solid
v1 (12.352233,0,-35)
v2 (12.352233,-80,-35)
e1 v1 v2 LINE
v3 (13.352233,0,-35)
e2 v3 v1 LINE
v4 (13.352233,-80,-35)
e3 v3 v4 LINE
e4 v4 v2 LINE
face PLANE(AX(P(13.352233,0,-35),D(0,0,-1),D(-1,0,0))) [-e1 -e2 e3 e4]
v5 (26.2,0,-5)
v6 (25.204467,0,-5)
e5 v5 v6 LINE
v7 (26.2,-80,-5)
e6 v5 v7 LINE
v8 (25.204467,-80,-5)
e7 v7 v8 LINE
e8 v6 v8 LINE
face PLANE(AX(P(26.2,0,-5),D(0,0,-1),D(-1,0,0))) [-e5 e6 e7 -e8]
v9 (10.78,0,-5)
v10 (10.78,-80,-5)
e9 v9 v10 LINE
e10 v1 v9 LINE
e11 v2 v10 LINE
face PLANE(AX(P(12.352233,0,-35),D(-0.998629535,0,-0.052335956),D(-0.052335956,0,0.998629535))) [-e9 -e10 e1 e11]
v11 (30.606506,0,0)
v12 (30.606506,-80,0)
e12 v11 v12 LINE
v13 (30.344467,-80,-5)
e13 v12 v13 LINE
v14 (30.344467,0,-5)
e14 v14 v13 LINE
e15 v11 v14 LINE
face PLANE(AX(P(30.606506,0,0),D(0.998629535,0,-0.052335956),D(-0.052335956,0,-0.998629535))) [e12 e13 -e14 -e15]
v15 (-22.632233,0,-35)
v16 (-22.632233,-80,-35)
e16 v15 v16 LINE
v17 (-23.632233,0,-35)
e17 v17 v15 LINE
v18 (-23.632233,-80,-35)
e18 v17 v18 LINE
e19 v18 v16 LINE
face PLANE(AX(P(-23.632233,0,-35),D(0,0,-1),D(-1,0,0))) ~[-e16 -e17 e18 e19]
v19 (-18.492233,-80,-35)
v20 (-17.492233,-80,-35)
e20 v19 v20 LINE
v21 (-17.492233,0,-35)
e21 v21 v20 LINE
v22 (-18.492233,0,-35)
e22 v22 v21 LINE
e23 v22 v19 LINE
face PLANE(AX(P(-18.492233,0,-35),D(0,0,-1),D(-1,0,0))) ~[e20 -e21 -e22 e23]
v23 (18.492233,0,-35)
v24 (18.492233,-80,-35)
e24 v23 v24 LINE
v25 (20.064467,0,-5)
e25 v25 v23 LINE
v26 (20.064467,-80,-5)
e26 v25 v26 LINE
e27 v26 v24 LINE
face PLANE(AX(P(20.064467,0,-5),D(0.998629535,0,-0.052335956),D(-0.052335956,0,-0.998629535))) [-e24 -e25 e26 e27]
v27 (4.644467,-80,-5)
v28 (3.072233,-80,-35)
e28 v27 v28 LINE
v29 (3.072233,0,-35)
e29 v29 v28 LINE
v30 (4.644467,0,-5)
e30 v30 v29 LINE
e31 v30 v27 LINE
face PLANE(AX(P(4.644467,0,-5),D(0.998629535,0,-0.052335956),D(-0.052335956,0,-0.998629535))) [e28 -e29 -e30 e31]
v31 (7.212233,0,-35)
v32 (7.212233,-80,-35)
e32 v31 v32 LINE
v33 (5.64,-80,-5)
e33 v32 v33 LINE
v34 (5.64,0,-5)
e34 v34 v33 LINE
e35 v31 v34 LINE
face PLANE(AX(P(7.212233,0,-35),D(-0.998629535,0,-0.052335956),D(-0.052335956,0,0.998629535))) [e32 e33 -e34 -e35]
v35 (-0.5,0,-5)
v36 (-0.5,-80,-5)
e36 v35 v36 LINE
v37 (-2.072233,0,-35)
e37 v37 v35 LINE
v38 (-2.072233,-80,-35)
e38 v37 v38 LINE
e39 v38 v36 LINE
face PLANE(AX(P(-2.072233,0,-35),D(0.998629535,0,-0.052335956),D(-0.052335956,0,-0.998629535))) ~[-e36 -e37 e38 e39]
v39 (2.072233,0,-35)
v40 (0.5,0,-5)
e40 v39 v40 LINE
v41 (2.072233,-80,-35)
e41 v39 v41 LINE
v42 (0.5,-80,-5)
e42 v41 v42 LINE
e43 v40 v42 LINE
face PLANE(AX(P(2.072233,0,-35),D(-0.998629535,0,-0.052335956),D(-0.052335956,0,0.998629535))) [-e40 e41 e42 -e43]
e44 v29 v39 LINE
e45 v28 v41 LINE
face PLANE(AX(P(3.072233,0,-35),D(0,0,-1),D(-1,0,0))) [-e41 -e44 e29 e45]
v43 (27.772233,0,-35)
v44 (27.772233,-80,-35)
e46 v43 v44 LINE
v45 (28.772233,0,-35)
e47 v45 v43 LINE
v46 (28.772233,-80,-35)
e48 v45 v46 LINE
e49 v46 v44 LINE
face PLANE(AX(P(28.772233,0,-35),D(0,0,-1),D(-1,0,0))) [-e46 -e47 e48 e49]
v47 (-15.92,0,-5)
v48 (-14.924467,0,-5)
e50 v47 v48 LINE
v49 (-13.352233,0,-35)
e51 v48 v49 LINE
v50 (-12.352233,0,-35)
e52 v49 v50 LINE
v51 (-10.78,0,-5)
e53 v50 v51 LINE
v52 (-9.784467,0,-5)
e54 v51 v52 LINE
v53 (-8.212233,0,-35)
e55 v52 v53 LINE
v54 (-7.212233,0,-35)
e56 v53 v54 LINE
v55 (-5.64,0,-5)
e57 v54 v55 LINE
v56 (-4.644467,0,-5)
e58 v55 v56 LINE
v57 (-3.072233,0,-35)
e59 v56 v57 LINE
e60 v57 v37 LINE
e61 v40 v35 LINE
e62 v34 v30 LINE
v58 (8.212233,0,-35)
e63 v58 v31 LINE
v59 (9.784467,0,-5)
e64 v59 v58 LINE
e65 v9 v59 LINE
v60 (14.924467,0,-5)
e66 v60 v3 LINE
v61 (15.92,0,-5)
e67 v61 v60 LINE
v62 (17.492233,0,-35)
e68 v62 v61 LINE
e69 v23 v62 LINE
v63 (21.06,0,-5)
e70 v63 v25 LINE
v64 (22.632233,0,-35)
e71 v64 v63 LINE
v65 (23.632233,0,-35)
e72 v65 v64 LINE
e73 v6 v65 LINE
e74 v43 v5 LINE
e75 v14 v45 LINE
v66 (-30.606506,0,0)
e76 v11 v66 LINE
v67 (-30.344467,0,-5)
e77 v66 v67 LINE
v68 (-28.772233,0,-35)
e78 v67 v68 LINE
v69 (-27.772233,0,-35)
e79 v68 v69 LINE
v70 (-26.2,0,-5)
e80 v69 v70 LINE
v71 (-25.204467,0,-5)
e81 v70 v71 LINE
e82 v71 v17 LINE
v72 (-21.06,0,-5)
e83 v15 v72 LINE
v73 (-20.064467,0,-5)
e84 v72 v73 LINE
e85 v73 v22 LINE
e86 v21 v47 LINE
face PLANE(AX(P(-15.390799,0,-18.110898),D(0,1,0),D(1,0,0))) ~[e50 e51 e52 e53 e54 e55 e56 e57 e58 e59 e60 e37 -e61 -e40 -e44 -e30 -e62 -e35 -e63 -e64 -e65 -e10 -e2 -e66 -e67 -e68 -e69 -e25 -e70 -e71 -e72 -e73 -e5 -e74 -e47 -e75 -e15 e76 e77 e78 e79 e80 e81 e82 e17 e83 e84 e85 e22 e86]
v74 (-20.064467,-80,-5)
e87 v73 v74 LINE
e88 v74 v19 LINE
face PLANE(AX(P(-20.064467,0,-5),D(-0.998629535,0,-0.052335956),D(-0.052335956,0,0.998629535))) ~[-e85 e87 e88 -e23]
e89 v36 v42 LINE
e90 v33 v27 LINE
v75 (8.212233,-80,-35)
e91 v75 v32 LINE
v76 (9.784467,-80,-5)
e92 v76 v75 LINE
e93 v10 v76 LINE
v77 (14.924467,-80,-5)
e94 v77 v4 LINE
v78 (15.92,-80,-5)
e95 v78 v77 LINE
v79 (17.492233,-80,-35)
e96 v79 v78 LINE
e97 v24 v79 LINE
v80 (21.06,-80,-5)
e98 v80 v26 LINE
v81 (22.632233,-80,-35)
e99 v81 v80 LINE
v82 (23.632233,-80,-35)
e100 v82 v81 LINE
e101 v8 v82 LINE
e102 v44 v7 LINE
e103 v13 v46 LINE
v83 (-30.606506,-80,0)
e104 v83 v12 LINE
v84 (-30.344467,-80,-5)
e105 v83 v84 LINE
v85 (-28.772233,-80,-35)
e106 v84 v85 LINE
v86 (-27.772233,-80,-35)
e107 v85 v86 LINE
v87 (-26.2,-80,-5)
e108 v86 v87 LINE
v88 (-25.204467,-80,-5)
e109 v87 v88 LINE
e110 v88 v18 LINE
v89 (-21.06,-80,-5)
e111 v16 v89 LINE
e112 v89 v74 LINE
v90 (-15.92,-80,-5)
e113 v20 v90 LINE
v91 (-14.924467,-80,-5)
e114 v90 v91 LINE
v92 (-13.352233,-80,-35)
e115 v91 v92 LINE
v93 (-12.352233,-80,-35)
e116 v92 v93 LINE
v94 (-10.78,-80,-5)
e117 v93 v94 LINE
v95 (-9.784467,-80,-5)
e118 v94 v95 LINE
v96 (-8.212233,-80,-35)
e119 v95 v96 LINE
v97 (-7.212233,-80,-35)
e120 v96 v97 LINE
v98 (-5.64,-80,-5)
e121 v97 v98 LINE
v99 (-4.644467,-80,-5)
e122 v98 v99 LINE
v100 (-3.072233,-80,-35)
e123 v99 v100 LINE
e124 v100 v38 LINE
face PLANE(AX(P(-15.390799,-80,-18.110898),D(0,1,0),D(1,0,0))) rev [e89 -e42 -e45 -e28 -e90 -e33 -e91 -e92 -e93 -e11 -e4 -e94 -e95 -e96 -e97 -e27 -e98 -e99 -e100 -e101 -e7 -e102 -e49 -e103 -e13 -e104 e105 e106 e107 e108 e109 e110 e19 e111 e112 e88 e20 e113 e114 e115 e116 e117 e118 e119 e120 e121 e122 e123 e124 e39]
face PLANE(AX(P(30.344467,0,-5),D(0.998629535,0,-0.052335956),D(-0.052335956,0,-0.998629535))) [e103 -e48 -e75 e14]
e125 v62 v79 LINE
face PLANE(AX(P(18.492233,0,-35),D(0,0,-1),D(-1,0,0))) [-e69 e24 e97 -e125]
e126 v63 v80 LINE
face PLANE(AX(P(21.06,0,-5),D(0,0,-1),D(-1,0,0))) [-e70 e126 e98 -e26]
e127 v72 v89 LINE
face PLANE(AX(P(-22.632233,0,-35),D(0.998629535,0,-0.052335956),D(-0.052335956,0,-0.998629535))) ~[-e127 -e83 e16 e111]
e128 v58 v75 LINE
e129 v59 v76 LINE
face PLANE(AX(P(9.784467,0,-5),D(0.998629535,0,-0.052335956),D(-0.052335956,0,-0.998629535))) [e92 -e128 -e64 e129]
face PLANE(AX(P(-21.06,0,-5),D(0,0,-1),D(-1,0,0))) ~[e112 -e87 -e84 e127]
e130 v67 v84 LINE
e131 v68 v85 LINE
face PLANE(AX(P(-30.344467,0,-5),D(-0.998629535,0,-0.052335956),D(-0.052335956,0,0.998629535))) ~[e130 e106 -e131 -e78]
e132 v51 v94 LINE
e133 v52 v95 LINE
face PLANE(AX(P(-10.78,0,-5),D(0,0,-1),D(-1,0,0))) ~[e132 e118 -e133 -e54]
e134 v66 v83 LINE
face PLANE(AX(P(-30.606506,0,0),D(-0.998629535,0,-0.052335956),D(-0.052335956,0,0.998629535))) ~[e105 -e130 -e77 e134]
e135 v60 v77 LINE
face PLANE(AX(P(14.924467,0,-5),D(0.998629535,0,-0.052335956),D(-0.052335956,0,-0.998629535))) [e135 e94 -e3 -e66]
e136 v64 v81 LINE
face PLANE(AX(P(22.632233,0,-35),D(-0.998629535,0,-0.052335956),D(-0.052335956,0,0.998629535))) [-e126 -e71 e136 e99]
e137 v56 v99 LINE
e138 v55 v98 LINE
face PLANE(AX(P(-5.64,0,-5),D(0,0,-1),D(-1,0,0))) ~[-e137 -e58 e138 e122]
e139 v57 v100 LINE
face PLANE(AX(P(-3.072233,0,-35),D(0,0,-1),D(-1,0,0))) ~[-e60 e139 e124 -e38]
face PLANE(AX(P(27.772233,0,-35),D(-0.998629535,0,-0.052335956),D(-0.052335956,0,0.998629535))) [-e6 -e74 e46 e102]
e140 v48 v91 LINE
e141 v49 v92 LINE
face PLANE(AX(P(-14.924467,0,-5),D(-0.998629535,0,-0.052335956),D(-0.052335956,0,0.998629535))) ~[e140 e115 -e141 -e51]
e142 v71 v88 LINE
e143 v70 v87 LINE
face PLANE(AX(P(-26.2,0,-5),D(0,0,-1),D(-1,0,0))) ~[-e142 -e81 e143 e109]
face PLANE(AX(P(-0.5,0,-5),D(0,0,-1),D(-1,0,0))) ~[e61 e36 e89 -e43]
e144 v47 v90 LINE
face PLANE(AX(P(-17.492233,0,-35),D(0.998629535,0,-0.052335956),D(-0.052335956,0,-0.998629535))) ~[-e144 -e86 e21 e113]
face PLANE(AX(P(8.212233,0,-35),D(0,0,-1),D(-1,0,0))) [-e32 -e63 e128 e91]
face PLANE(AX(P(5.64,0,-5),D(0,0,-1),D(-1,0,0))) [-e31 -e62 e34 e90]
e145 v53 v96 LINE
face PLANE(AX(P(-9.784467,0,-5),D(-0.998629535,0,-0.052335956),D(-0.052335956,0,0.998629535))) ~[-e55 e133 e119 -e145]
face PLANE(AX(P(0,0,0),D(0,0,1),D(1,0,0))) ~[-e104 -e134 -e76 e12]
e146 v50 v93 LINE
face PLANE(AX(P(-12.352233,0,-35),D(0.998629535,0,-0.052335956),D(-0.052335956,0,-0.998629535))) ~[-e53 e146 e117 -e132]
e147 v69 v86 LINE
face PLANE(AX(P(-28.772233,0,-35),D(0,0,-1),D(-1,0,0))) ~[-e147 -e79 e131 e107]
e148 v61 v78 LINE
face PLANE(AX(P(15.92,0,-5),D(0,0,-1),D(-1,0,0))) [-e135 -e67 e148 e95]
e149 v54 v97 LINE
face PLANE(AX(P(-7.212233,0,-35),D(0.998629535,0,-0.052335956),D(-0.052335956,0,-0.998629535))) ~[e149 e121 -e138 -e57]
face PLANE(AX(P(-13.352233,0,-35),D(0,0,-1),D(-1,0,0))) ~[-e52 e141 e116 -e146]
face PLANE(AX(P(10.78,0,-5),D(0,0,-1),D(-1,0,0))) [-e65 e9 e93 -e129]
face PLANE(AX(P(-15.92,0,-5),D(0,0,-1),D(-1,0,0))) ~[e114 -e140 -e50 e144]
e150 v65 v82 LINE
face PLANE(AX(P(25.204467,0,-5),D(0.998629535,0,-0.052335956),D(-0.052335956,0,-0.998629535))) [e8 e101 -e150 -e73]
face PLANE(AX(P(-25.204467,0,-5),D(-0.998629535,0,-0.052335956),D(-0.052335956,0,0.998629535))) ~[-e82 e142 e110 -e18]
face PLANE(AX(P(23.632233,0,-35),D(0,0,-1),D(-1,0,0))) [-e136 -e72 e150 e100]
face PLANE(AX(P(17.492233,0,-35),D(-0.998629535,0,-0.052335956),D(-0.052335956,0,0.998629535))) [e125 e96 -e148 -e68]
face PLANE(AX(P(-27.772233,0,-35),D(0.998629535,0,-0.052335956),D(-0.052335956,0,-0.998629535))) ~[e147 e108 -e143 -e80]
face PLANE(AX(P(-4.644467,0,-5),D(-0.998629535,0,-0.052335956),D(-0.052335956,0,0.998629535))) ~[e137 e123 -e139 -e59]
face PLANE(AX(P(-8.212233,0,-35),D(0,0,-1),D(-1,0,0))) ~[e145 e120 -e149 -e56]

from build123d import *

# Parameters (mm, degrees)
BOSS_EXTRUDE1_DEPTH = 80


with BuildPart() as part:
    # Sketch1 → Boss-Extrude1 (new body)
    with BuildSketch(Plane(origin=(0, 0, 0), x_dir=(1, 0, 0), z_dir=(0, 1, 0))):
        Polygon((0, 5), (0, 0), (30.606505653, 0), (30.344466757, 5), (28.772233378, 35), (27.772233378, 35), (26.2, 5), (25.704466757, 5), (25.7, 5), (25.204466757, 5), (23.632233378, 35), (22.632233378, 35), (21.06, 5), (20.564466757, 5), (20.56, 5), (20.064466757, 5), (18.492233378, 35), (17.492233378, 35), (15.92, 5), (15.424466757, 5), (15.42, 5), (14.924466757, 5), (13.352233378, 35), (12.352233378, 35), (10.78, 5), (10.284466757, 5), (10.28, 5), (9.784466757, 5), (8.212233378, 35), (7.212233378, 35), (5.64, 5), (5.144466757, 5), (5.14, 5), (4.644466757, 5), (3.072233378, 35), (2.072233378, 35), (0.5, 5), align=None)
    boss_extrude1 = extrude(amount=-BOSS_EXTRUDE1_DEPTH)

    # Mirror1: Boss-Extrude1 across plane
    add(boss_extrude1.mirror(Plane(origin=(0, -80, 0), x_dir=(0, 0, 1), z_dir=(1, 0, 0))))


solid = part.part
